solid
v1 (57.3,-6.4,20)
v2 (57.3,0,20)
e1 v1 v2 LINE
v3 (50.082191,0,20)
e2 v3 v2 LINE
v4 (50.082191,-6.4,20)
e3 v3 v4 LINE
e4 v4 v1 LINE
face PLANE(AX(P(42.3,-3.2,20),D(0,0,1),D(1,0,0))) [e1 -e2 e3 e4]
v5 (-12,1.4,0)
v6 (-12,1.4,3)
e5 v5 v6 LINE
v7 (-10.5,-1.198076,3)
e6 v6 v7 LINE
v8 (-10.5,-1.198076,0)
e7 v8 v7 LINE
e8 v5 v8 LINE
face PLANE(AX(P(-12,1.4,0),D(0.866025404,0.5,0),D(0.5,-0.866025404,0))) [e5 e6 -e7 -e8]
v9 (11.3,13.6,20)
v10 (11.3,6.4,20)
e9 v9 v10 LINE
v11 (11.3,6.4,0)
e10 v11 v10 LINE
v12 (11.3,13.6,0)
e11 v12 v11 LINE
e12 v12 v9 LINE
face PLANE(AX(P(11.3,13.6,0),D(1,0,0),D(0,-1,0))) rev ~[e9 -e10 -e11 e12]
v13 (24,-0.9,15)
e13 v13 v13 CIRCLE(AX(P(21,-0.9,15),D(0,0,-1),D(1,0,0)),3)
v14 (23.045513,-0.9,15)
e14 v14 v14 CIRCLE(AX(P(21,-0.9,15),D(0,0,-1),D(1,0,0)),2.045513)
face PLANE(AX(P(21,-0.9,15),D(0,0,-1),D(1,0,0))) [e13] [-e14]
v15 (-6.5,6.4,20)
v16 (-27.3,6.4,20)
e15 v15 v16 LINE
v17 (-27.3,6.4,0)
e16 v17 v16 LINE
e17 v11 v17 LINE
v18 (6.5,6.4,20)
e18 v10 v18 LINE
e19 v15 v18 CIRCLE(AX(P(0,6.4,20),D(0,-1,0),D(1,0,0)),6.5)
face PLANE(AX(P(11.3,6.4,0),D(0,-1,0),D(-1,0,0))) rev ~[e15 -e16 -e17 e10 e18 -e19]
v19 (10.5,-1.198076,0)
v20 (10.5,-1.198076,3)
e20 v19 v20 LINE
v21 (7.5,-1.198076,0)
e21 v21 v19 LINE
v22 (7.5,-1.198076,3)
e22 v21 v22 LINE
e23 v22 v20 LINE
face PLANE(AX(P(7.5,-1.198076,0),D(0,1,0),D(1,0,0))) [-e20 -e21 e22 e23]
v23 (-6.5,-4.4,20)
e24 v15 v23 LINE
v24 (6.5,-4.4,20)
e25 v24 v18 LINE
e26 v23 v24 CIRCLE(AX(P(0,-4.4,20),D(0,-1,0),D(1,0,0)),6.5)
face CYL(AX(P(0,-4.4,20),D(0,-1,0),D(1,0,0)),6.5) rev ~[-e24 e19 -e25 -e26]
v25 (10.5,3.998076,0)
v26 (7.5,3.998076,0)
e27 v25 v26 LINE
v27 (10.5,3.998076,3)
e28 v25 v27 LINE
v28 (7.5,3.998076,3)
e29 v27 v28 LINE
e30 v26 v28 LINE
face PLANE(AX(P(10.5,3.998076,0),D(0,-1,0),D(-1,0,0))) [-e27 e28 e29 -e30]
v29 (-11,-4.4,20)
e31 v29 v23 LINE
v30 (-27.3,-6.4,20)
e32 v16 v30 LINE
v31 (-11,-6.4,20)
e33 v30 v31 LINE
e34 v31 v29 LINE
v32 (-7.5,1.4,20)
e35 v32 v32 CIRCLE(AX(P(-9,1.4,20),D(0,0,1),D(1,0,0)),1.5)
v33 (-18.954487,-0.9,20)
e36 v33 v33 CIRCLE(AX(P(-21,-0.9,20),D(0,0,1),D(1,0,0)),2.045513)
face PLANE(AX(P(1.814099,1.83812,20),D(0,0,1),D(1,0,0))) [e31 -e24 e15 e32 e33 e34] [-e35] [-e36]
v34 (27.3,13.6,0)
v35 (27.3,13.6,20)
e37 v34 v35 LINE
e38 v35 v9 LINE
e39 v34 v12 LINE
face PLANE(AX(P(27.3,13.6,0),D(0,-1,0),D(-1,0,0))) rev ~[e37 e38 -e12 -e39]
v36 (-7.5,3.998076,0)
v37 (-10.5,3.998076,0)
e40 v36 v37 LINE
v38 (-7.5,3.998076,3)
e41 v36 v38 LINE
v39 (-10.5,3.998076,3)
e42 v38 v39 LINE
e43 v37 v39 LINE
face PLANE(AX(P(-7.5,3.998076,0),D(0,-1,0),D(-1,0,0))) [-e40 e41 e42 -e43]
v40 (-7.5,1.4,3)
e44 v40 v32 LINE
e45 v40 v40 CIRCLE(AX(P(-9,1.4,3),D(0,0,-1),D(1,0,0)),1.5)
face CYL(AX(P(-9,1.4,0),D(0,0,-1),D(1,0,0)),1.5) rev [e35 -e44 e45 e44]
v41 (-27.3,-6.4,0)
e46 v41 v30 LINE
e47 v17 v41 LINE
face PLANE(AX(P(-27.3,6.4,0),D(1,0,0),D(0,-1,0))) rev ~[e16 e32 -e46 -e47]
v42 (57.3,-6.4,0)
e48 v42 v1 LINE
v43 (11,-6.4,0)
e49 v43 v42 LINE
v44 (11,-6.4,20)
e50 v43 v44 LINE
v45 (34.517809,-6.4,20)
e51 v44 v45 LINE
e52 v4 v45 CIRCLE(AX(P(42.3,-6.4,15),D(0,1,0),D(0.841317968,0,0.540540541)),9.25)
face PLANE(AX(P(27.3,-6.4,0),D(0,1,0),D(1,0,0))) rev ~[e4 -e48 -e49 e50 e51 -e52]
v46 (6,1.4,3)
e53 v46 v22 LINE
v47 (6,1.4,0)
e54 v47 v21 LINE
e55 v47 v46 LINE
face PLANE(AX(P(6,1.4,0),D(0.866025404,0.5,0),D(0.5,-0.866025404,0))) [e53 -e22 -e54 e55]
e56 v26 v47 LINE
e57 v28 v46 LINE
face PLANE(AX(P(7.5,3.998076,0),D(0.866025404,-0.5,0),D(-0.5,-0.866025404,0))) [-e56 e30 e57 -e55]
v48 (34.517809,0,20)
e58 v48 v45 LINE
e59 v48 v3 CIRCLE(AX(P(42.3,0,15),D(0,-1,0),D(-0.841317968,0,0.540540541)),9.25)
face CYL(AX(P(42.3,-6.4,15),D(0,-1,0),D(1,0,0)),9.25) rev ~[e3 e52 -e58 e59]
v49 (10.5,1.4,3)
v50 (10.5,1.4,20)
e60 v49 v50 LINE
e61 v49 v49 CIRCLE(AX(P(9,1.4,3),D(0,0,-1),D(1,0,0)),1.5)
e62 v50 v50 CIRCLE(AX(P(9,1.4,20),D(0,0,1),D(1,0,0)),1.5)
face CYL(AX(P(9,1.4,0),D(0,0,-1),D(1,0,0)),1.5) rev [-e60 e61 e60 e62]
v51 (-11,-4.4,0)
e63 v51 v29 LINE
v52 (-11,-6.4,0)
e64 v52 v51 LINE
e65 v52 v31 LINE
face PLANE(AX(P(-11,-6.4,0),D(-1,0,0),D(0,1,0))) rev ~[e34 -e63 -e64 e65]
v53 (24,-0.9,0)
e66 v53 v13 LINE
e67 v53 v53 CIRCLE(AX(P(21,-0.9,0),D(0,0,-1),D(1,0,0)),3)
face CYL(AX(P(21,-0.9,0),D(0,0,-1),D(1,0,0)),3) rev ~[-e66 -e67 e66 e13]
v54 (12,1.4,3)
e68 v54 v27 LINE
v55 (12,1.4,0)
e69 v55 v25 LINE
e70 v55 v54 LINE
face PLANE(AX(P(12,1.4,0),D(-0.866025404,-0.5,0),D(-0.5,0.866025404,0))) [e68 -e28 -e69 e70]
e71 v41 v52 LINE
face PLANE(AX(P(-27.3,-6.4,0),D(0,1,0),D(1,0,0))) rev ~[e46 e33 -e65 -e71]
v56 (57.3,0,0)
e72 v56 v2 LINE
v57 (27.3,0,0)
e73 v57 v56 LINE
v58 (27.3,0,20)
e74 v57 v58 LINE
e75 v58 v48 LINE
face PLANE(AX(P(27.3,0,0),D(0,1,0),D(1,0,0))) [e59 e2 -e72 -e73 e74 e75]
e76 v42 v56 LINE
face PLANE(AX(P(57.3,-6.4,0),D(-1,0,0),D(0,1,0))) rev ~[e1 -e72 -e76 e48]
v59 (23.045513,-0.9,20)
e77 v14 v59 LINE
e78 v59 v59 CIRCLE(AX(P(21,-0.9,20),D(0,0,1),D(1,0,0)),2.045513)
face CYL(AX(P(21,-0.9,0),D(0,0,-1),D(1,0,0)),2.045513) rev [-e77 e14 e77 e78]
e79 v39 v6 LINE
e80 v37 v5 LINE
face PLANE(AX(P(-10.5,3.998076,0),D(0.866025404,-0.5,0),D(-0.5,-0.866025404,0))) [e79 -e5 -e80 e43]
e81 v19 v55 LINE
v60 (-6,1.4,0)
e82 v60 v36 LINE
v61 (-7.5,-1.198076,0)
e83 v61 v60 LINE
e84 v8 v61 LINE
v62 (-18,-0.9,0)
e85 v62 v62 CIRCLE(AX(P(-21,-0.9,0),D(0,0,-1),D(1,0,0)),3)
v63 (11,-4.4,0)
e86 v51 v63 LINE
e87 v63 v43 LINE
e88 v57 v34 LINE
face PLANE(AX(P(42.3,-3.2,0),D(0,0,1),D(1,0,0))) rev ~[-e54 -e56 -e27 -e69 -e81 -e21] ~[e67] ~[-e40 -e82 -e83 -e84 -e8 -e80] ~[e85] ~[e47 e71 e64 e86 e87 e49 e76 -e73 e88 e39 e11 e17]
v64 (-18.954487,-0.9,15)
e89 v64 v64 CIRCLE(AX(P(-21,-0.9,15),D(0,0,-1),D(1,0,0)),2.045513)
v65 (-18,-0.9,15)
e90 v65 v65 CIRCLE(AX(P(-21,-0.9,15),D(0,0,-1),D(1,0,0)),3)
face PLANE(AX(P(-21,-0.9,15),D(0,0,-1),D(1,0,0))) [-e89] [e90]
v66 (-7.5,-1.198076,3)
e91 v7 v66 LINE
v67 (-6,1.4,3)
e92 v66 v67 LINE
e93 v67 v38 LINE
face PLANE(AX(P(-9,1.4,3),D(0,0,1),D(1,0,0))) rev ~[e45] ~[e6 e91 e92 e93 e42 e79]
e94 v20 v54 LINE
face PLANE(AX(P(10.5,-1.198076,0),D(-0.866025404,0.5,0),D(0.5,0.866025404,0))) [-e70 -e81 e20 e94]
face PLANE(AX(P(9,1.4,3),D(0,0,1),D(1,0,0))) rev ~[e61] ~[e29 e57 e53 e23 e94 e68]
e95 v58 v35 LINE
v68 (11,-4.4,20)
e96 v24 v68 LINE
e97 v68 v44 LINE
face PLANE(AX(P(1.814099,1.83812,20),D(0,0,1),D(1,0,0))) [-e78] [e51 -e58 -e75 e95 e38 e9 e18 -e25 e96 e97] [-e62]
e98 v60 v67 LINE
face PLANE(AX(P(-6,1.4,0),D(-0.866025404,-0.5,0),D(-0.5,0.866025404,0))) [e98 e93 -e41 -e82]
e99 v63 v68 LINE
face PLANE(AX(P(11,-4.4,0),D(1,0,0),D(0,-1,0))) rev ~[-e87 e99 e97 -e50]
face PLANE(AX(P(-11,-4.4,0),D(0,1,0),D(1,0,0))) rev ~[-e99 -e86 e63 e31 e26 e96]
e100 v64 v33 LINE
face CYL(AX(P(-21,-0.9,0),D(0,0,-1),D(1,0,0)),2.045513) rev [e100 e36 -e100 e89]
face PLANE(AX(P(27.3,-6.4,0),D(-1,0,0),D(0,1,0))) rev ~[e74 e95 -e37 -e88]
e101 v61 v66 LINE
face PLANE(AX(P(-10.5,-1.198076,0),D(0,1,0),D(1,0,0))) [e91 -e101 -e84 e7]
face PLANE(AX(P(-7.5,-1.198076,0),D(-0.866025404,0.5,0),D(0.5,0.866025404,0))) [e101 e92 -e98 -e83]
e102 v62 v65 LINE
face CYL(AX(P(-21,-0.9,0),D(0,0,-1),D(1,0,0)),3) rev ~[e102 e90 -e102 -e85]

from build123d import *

# Parameters (mm, degrees)
F0_R      = 2.0455133379
F0_R_2    = 1.5
F1_DEPTH  = 20
F0_W      = 30
F0_H      = 6.4
F2_DEPTH  = 30
F3_R      = 6.5
F4_DEPTH  = 18.001
F5_R      = 3
F5_R_2    = 2.0455133379
F6_DEPTH  = 15
F7_R      = 9.25
F8_DEPTH  = 20.001
F9_DEPTH  = 10
F11_DEPTH = 3


with BuildPart() as f1:
    # F0 (on Top) → F1 (new body)
    with BuildSketch(Plane.XY):
        Polygon((11.3, 6.4), (0, 6.4), (-27.3, 6.4), (-27.3, -6.4), (-11, -6.4), (-11, -4.4), (0, -4.4), (11, -4.4), (11, -6.4), (27.3, -6.4), (27.3, 0), (27.3, 13.6), (11.3, 13.6), align=None)
        with Locations((-21, -0.9)):
            Circle(F0_R, mode=Mode.SUBTRACT)
        with Locations((-9, 1.4)):
            Circle(F0_R_2, mode=Mode.SUBTRACT)
        with Locations((9, 1.4)):
            Circle(F0_R_2, mode=Mode.SUBTRACT)
        with Locations((21, -0.9)):
            Circle(F0_R, mode=Mode.SUBTRACT)
    extrude(amount=F1_DEPTH)

    # F0 (on Top) → F2 (join)
    with BuildSketch(Plane.XY):
        with Locations((42.3, -3.2)):
            Rectangle(F0_W, F0_H)
    extrude(amount=F2_DEPTH)

    # F3 (on face) → F4 (cut, through all)
    with BuildSketch(Plane.XZ.offset(4.4)):
        with Locations((0, 20)):
            Circle(F3_R)
    extrude(amount=-F4_DEPTH, mode=Mode.SUBTRACT)

    # F5 (on face) → F6 (cut)
    with BuildSketch(Plane(origin=(0, 0, 0), x_dir=(1, 0, 0), z_dir=(0, 0, -1))):
        with Locations((-21, 0.9)):
            Circle(F5_R)
        with Locations((-21, 0.9)):
            Circle(F5_R_2, mode=Mode.SUBTRACT)
        with Locations((21, 0.9)):
            Circle(F5_R)
        with Locations((21, 0.9)):
            Circle(F5_R_2, mode=Mode.SUBTRACT)
    extrude(amount=-F6_DEPTH, mode=Mode.SUBTRACT)

    # F7 (on face) → F8 (cut, through all)
    with BuildSketch(Plane.XZ.offset(6.4)):
        with Locations((42.3, 15)):
            Circle(F7_R)
    extrude(amount=-F8_DEPTH, mode=Mode.SUBTRACT)

    # F9 (cut): a face of the model
    f9_faces = [f1.faces().sort_by_distance(p)[0] for p in [
        (42.3, -3.2, 30),
    ]]
    extrude(f9_faces, amount=-F9_DEPTH, mode=Mode.SUBTRACT)

    # F10 (on face) → F11 (cut)
    with BuildSketch(Plane.XY):
        Polygon((12, 1.4), (10.5, 3.9980762114), (7.5, 3.9980762114), (6, 1.4), (7.5, -1.1980762114), (10.5, -1.1980762114), align=None)
        Polygon((-10.5, -1.1980762114), (-7.5, -1.1980762114), (-6, 1.4), (-7.5, 3.9980762114), (-10.5, 3.9980762114), (-12, 1.4), align=None)
    extrude(amount=F11_DEPTH, mode=Mode.SUBTRACT)


solid = f1.part
